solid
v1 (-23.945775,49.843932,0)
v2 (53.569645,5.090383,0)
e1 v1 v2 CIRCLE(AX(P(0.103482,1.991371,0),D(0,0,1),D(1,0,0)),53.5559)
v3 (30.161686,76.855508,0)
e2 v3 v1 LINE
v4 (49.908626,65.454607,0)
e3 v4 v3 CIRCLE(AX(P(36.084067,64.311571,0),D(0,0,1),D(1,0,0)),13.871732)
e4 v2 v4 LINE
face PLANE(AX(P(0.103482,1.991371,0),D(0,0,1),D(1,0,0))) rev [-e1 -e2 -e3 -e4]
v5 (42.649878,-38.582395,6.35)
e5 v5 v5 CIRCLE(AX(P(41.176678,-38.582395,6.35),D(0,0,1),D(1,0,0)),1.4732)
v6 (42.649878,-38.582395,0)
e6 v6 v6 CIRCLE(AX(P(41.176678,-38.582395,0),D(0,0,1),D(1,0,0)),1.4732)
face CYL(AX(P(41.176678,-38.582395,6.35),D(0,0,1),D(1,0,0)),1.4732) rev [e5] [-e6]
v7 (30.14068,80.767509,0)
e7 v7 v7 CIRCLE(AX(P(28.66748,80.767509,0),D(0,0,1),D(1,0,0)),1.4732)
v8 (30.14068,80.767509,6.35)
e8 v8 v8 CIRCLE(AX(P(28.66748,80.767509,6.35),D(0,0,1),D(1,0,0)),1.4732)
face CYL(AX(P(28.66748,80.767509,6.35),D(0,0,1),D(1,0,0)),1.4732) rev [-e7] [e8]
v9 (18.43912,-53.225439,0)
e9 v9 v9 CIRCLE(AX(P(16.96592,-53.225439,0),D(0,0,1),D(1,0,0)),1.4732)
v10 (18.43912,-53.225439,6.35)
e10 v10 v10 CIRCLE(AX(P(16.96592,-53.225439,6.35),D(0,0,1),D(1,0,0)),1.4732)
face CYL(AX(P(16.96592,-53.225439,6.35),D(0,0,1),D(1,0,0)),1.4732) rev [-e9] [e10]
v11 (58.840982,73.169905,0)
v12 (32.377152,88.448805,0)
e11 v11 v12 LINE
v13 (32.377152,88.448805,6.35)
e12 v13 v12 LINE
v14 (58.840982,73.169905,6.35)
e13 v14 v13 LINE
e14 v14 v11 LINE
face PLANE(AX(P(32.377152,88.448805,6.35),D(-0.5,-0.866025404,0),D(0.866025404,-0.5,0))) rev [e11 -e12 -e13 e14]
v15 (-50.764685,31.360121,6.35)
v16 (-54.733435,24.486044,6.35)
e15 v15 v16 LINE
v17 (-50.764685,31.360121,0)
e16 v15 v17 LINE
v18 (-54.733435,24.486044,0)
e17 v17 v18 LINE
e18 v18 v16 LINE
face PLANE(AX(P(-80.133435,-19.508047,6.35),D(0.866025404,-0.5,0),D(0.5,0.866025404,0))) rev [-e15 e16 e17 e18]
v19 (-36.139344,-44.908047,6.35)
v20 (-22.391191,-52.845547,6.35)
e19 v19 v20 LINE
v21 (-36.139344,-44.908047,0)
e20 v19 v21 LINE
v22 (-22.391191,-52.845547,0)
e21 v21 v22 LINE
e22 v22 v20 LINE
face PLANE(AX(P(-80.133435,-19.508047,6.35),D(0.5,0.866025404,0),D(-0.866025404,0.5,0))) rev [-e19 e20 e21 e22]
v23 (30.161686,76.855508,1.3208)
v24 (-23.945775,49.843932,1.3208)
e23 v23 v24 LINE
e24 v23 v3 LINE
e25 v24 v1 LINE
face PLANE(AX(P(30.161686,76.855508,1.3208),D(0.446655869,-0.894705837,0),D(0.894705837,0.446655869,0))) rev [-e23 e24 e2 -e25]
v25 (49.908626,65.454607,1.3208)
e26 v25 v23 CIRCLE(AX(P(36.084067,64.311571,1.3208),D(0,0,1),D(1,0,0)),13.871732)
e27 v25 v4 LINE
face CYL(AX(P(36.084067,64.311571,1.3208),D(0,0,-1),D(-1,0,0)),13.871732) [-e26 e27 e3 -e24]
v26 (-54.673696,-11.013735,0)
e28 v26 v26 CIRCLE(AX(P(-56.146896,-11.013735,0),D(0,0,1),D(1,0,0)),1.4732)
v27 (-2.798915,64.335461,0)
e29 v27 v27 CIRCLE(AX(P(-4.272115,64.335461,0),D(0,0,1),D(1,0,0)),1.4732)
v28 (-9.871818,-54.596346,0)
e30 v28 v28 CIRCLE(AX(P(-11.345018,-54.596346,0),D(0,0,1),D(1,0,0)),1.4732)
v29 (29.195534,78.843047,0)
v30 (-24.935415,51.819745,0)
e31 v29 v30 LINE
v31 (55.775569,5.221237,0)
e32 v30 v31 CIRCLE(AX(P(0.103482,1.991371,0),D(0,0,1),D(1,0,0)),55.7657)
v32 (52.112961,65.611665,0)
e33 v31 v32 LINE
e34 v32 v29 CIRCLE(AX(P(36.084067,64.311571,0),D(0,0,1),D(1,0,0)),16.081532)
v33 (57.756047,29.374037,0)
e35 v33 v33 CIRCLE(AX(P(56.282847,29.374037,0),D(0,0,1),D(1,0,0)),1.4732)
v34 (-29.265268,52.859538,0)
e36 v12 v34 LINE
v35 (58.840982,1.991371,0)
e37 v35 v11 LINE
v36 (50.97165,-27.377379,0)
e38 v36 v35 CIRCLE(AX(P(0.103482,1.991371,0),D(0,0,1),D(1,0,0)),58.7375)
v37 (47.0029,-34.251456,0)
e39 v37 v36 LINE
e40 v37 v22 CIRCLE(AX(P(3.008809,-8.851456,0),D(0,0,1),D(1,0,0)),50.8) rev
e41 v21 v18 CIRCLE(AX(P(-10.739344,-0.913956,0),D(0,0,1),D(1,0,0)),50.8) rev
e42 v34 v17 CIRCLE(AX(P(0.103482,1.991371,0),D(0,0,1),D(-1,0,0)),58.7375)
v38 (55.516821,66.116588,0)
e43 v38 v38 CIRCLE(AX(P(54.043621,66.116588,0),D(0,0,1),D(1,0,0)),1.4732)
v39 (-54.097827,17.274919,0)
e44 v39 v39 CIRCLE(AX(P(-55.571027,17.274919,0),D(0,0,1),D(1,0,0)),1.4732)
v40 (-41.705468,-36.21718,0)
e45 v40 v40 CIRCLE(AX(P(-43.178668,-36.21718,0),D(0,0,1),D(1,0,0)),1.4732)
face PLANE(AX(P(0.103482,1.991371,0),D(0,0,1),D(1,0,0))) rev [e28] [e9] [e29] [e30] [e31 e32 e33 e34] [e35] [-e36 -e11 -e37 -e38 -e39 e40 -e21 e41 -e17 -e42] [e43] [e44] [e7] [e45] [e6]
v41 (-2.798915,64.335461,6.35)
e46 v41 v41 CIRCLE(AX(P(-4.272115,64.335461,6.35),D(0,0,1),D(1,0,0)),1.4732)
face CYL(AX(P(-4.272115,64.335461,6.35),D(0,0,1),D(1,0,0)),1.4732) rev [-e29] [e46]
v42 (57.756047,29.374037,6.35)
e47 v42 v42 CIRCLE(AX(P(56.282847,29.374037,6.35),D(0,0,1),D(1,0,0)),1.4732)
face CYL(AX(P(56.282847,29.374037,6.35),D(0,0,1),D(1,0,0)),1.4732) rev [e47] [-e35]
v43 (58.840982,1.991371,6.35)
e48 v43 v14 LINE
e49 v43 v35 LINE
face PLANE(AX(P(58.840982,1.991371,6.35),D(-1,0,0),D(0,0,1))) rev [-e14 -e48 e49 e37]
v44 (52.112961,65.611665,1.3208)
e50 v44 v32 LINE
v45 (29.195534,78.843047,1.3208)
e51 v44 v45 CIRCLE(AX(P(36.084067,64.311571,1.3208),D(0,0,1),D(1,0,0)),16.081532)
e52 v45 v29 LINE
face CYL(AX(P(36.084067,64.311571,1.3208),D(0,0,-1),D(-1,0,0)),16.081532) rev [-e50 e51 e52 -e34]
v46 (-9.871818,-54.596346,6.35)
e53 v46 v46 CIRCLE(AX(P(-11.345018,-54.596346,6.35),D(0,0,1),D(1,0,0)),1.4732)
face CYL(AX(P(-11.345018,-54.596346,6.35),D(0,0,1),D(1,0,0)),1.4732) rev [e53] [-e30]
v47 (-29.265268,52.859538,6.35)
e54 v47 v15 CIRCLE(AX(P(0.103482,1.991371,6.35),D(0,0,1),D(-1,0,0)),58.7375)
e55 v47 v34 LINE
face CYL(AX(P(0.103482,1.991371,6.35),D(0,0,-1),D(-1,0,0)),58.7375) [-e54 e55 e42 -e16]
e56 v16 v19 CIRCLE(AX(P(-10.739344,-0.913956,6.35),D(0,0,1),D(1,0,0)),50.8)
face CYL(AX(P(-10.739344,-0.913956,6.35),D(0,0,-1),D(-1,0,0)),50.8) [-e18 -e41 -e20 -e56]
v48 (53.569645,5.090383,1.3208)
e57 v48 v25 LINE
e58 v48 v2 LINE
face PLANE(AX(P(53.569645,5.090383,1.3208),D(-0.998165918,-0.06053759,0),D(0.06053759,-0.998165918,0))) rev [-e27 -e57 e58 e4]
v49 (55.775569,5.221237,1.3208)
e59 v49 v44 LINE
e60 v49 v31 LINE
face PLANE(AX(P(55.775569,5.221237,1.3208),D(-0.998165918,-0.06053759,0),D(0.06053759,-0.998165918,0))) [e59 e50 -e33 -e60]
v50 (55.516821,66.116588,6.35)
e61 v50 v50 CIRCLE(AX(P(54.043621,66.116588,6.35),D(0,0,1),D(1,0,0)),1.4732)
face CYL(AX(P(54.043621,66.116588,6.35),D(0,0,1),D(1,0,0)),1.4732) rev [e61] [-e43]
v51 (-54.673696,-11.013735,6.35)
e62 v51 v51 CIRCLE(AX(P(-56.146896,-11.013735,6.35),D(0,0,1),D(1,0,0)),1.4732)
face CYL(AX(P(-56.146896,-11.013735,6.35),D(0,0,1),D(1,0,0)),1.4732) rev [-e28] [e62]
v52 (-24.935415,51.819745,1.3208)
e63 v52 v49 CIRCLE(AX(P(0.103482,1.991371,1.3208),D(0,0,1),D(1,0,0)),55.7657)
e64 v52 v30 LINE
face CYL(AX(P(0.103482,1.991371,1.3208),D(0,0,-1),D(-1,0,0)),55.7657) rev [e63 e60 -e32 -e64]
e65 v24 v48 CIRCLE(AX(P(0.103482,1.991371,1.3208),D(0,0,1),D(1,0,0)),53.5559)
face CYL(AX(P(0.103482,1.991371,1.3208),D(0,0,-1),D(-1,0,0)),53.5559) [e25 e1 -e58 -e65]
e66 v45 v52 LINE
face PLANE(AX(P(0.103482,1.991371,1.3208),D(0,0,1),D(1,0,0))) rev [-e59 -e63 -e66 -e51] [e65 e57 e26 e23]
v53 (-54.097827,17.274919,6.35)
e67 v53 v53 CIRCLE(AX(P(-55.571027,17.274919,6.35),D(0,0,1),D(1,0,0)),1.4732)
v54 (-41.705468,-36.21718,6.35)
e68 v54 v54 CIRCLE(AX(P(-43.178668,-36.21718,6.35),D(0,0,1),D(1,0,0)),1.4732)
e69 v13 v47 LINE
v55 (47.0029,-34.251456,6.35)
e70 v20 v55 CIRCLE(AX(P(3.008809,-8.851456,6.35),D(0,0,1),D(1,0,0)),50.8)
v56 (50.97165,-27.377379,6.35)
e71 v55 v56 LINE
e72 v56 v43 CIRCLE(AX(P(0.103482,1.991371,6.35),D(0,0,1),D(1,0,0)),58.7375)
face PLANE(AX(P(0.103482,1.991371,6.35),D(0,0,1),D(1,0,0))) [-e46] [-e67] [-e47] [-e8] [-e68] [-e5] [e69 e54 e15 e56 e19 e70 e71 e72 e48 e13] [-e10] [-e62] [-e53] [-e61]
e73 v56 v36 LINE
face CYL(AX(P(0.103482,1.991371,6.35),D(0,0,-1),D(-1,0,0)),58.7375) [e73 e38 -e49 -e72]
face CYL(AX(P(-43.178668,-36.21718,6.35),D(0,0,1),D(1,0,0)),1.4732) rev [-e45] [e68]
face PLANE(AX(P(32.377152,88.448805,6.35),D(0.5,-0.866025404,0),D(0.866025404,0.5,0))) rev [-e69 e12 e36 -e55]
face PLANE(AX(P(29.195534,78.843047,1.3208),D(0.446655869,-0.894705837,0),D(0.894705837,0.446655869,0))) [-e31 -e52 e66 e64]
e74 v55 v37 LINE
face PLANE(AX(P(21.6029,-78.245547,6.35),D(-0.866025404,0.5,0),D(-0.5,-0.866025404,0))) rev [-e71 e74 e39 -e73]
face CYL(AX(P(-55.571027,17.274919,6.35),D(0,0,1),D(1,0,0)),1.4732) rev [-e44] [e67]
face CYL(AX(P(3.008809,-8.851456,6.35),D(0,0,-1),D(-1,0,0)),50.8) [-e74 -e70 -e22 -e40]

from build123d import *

# Parameters (mm, degrees)
BOSS_EXTRUDE2_DEPTH         = 6.35
F_4_CLEARANCE_HOLE1_D       = 2.9464
CUT_EXTRUDE2_DASH_048_DEPTH = 1.3208
FILLET1_R                   = 50.8


with BuildPart() as part:
    # Sketch3 → Boss-Extrude2 (new body)
    with BuildSketch(Plane(origin=(0.103482409, 1.991370524, 0), x_dir=(1, 0, 0), z_dir=(0, 0, 1))):
        with BuildLine():
            Line((58.7375, 0), (58.7375, 71.178534783))
            Line((58.7375, 71.178534783), (32.273669326, 86.457434546))
            Line((32.273669326, 86.457434546), (-29.36875, 50.868167155))
            ThreePointArc((-29.36875, 50.868167155), (-41.53368456, 41.53368456), (-50.868167155, 29.36875))
            Line((-50.868167155, 29.36875), (-80.236917155, -21.499417155))
            Line((-80.236917155, -21.499417155), (21.499417155, -80.236917155))
            Line((21.499417155, -80.236917155), (50.868167155, -29.36875))
            ThreePointArc((50.868167155, -29.36875), (56.736068222, -15.202383662), (58.7375, 0))
        make_face()
    extrude(amount=BOSS_EXTRUDE2_DEPTH)

    # #4 Clearance Hole1 (through all)
    with Locations(Plane.XY.offset(6.35)):
        with Locations((28.667480209, 80.767509471), (54.04362105, 66.116587726), (-4.272114917, 64.335461198), (-55.5710271, 17.274918559), (-56.146896149, -11.01373469), (-43.178667679, -36.217180003), (-11.345017944, -54.596346246), (16.965920195, -53.225438887), (41.176678022, -38.582395037), (56.282847372, 29.37403742)):
            Hole(F_4_CLEARANCE_HOLE1_D / 2)

    # Sketch6 → Cut-Extrude2 - dash 048 (cut)
    with BuildSketch(Plane(origin=(0.103482409, 1.991370524, 0), x_dir=(1, 0, 0), z_dir=(0, 0, 1))):
        with BuildLine():
            Line((55.672086916, 3.229866087), (52.009478425, 63.620294443))
            ThreePointArc((52.009478425, 63.620294443), (44.021350779, 76.247216167), (29.092051971, 76.851676775))
            Line((29.092051971, 76.851676775), (-25.038897376, 49.828374594))
            ThreePointArc((-25.038897376, 49.828374594), (-27.88285, -48.29451286), (55.672086916, 3.229866087))
        make_face()
        with BuildLine():
            Line((53.466162602, 3.099012969), (49.805143409, 63.46323641))
            ThreePointArc((49.805143409, 63.46323641), (42.916450779, 74.33347323), (30.058203233, 74.864137637))
            Line((30.058203233, 74.864137637), (-24.049257344, 47.852561541))
            ThreePointArc((-24.049257344, 47.852561541), (-26.77795, -46.380769923), (53.466162602, 3.099012969))
        make_face(mode=Mode.SUBTRACT)
    extrude(amount=CUT_EXTRUDE2_DASH_048_DEPTH, mode=Mode.SUBTRACT)

    # Fillet1
    fillet1_edges = [part.edges().sort_by_distance(p)[0] for p in [
        (21.602899564, -78.245546631, 3.175),
        (-80.133434745, -19.508046631, 3.175),
    ]]
    fillet(fillet1_edges, radius=FILLET1_R)


solid = part.part
